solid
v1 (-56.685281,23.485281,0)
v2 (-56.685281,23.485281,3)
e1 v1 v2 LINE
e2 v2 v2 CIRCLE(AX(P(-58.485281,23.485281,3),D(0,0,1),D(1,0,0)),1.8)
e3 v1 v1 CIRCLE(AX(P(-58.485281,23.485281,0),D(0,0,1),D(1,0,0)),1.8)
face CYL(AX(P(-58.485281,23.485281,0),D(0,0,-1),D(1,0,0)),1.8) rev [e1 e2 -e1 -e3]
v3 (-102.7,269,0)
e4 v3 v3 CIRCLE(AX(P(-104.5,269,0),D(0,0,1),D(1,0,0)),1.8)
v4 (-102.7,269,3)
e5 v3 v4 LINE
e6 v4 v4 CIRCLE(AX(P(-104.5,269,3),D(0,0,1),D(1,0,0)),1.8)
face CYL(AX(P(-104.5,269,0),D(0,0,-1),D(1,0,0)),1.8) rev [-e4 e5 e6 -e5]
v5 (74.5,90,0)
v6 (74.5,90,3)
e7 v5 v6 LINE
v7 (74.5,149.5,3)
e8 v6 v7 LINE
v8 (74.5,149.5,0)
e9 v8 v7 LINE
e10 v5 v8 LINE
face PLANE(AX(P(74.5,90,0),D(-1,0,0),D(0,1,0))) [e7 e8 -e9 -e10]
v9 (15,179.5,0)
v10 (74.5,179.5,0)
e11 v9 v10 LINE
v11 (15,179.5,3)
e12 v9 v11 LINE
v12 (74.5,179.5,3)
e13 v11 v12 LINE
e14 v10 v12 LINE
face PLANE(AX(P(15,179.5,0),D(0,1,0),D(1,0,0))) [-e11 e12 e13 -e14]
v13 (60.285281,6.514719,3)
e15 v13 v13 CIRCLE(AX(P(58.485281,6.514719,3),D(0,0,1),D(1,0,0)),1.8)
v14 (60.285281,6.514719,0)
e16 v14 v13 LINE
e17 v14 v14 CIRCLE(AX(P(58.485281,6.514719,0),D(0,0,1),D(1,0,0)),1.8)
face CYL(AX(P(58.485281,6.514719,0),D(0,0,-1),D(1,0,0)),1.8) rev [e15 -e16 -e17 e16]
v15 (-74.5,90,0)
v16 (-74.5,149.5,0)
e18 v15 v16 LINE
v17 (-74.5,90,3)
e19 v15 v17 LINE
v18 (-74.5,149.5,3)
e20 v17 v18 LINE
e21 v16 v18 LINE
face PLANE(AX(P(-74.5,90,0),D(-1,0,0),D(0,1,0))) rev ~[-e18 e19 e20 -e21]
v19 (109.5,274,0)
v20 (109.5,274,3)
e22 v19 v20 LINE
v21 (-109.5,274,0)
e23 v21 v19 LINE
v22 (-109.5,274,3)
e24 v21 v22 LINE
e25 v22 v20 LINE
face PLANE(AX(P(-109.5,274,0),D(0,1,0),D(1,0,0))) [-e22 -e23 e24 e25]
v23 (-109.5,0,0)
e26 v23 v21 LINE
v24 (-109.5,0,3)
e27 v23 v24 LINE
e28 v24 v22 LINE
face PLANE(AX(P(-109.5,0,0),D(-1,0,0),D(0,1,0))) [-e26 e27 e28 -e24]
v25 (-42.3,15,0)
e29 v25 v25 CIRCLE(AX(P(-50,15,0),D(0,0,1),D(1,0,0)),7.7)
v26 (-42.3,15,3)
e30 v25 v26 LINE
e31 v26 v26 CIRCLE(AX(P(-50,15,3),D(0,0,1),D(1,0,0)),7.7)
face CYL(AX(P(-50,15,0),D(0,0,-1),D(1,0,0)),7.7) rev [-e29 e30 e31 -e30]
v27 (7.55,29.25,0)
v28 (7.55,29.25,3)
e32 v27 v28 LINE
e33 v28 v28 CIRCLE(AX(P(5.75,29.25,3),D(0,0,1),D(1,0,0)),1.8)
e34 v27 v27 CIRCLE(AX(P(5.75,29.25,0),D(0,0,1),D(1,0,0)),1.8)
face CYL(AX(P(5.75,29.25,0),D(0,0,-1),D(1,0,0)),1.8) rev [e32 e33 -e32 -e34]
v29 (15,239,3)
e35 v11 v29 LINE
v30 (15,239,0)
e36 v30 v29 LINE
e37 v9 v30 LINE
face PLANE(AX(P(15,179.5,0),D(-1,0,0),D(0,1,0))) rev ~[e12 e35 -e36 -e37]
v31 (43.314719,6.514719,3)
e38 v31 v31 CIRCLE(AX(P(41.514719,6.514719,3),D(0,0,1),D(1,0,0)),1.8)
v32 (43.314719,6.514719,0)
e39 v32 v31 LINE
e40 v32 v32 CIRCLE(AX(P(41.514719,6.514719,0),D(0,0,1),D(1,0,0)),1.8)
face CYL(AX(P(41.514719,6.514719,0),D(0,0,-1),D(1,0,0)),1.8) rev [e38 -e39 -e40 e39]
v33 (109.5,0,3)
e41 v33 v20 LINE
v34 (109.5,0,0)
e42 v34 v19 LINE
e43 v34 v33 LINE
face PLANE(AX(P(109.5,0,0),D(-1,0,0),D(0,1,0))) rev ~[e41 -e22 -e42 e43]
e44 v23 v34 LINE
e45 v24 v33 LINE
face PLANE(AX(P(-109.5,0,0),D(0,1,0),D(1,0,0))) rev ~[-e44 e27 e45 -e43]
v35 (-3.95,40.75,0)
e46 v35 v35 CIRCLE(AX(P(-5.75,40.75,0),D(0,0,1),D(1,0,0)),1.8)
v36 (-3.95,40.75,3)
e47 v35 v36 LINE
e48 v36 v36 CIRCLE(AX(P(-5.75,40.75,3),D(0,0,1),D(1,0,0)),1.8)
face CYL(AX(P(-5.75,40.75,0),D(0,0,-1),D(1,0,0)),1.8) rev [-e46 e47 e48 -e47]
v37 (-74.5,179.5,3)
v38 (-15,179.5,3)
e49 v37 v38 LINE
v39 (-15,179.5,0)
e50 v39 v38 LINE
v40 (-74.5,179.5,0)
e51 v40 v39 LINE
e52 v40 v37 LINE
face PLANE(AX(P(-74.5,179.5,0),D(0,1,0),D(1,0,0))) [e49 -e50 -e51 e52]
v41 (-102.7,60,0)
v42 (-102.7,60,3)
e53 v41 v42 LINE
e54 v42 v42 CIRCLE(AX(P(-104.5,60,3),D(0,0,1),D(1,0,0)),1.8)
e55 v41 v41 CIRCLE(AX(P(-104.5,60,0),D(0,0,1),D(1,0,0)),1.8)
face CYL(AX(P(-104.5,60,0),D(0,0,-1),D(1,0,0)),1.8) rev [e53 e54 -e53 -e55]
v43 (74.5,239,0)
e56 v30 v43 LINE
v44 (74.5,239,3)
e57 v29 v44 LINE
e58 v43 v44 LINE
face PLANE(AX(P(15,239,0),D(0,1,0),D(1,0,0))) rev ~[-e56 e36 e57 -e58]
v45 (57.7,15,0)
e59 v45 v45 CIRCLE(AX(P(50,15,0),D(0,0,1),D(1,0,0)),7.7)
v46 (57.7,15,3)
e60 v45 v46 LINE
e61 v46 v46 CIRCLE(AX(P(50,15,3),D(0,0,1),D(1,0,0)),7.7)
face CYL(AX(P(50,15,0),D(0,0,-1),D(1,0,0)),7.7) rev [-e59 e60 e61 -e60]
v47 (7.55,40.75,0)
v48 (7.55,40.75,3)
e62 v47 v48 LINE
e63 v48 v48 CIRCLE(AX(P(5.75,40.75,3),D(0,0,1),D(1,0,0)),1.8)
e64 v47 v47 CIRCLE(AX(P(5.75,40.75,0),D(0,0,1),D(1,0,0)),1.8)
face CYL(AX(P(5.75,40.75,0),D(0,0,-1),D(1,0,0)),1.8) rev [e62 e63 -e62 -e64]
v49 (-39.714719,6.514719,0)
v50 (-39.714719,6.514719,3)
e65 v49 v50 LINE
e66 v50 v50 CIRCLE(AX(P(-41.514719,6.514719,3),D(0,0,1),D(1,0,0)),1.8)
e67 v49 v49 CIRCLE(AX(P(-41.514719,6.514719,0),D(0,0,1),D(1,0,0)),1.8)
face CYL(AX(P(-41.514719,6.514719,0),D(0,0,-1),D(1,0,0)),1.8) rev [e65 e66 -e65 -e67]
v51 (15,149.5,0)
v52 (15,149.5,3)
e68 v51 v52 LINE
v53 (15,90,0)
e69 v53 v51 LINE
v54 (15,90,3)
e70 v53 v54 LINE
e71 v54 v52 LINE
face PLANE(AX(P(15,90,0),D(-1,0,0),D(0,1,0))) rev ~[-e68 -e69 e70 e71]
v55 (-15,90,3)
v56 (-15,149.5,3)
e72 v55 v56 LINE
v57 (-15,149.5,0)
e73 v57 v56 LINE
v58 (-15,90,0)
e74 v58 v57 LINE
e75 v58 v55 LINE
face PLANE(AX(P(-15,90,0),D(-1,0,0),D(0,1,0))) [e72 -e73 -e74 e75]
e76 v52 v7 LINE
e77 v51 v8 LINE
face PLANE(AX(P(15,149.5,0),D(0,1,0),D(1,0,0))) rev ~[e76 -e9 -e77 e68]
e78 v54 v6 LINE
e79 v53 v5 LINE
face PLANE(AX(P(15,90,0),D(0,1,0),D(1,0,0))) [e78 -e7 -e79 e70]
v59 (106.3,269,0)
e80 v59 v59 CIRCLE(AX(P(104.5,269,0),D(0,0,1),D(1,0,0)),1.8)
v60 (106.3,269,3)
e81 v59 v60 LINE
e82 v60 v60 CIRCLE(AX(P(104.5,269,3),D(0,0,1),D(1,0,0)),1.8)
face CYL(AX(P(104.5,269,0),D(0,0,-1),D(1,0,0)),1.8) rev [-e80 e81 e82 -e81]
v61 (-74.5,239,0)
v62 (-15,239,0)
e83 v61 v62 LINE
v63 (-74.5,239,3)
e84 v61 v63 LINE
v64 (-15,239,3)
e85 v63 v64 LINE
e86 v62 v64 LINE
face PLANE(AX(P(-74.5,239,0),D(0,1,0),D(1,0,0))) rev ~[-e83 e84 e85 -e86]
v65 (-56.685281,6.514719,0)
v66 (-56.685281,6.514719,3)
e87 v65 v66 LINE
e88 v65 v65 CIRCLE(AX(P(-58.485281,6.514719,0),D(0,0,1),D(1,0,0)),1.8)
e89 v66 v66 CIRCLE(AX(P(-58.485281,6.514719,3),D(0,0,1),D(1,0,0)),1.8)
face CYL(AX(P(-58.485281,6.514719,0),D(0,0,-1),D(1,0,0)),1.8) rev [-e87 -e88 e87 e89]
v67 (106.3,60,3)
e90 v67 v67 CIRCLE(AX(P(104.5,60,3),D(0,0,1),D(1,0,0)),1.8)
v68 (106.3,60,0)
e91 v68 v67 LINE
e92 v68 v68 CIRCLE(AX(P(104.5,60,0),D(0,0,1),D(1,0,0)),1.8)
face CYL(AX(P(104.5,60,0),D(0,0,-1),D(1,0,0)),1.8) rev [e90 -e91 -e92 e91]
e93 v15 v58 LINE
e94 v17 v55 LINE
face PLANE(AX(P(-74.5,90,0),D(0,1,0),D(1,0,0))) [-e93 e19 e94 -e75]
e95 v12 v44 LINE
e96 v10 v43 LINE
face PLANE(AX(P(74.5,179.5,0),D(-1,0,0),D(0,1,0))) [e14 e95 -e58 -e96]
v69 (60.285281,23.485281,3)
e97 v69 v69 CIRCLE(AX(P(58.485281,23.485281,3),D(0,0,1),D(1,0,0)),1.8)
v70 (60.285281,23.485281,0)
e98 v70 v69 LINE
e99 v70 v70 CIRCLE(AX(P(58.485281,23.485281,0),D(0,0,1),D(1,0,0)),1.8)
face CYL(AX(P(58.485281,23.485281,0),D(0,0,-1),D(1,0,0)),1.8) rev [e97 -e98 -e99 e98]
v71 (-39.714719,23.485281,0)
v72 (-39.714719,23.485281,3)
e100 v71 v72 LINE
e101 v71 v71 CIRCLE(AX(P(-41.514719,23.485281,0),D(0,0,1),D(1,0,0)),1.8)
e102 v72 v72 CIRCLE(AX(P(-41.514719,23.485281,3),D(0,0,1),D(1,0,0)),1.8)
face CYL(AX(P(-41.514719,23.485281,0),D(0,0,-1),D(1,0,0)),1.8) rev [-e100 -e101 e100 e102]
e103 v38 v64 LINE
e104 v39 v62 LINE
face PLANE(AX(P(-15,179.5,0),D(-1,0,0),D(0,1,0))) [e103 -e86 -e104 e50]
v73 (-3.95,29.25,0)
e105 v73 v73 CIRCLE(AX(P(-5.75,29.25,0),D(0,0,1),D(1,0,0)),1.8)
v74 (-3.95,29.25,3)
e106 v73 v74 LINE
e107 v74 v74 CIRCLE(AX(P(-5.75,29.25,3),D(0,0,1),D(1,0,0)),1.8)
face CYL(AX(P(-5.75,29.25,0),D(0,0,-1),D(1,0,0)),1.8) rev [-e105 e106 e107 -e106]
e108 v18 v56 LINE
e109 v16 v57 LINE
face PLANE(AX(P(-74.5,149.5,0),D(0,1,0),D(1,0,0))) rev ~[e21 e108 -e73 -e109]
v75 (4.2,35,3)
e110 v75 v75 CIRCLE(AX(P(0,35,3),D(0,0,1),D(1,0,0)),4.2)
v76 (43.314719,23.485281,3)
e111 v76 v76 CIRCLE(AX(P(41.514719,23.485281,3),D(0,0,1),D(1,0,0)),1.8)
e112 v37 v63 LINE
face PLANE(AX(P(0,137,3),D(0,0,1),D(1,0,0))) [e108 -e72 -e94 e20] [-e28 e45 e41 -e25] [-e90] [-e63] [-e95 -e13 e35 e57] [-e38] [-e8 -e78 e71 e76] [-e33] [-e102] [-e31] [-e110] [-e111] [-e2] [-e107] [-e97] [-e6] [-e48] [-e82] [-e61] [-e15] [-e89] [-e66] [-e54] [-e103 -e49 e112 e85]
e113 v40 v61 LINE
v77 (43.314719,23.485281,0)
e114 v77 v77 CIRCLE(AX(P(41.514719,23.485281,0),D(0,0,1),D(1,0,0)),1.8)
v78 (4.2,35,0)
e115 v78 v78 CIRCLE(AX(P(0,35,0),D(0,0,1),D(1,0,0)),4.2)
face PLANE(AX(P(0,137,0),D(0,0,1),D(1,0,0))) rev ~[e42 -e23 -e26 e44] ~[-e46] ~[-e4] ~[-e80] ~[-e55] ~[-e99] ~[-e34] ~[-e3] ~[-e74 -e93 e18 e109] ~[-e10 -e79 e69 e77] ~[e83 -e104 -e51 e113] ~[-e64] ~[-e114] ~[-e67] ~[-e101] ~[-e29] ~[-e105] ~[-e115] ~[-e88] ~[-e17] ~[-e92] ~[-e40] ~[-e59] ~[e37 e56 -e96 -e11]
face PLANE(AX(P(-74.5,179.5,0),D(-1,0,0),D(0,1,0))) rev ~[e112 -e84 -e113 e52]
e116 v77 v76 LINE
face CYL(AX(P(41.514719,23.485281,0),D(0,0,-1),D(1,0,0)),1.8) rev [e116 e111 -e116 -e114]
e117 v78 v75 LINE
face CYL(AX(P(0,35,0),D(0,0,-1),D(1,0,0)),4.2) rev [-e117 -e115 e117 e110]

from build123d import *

# Parameters (mm, degrees)
SKETCH_W   = 219
SKETCH_H   = 274
SKETCH_R   = 1.8
SKETCH_R_2 = 4.2
SKETCH_R_3 = 7.7
SKETCH_W_2 = 59.5
SKETCH_H_2 = 59.5
PAD_DEPTH  = 3


with BuildPart() as part:
    # Sketch → Pad (new body)
    with BuildSketch(Plane.XY):
        with Locations((0, 137)):
            Rectangle(SKETCH_W, SKETCH_H)
        with Locations((-104.5, 60)):
            Circle(SKETCH_R, mode=Mode.SUBTRACT)
        with Locations((104.5, 60)):
            Circle(SKETCH_R, mode=Mode.SUBTRACT)
        with Locations((-104.5, 269)):
            Circle(SKETCH_R, mode=Mode.SUBTRACT)
        with Locations((104.5, 269)):
            Circle(SKETCH_R, mode=Mode.SUBTRACT)
        with Locations((0, 35)):
            Circle(SKETCH_R_2, mode=Mode.SUBTRACT)
        with Locations((5.75, 29.25)):
            Circle(SKETCH_R, mode=Mode.SUBTRACT)
        with Locations((5.75, 40.75)):
            Circle(SKETCH_R, mode=Mode.SUBTRACT)
        with Locations((-5.75, 29.25)):
            Circle(SKETCH_R, mode=Mode.SUBTRACT)
        with Locations((-5.75, 40.75)):
            Circle(SKETCH_R, mode=Mode.SUBTRACT)
        with Locations((-58.485281, 23.485281)):
            Circle(SKETCH_R, mode=Mode.SUBTRACT)
        with Locations((-41.514719, 23.485281)):
            Circle(SKETCH_R, mode=Mode.SUBTRACT)
        with Locations((-41.514719, 6.514719)):
            Circle(SKETCH_R, mode=Mode.SUBTRACT)
        with Locations((-58.485281, 6.514719)):
            Circle(SKETCH_R, mode=Mode.SUBTRACT)
        with Locations((-50, 15)):
            Circle(SKETCH_R_3, mode=Mode.SUBTRACT)
        with Locations((41.514719, 23.485281)):
            Circle(SKETCH_R, mode=Mode.SUBTRACT)
        with Locations((58.485281, 23.485281)):
            Circle(SKETCH_R, mode=Mode.SUBTRACT)
        with Locations((58.485281, 6.514719)):
            Circle(SKETCH_R, mode=Mode.SUBTRACT)
        with Locations((41.514719, 6.514719)):
            Circle(SKETCH_R, mode=Mode.SUBTRACT)
        with Locations((50, 15)):
            Circle(SKETCH_R_3, mode=Mode.SUBTRACT)
        with Locations((-44.75, 209.25)):
            Rectangle(SKETCH_W_2, SKETCH_H_2, mode=Mode.SUBTRACT)
        with Locations((44.75, 209.25)):
            Rectangle(SKETCH_W_2, SKETCH_H_2, mode=Mode.SUBTRACT)
        with Locations((44.75, 119.75)):
            Rectangle(SKETCH_W_2, SKETCH_H_2, mode=Mode.SUBTRACT)
        with Locations((-44.75, 119.75)):
            Rectangle(SKETCH_W_2, SKETCH_H_2, mode=Mode.SUBTRACT)
    extrude(amount=PAD_DEPTH)


solid = part.part
